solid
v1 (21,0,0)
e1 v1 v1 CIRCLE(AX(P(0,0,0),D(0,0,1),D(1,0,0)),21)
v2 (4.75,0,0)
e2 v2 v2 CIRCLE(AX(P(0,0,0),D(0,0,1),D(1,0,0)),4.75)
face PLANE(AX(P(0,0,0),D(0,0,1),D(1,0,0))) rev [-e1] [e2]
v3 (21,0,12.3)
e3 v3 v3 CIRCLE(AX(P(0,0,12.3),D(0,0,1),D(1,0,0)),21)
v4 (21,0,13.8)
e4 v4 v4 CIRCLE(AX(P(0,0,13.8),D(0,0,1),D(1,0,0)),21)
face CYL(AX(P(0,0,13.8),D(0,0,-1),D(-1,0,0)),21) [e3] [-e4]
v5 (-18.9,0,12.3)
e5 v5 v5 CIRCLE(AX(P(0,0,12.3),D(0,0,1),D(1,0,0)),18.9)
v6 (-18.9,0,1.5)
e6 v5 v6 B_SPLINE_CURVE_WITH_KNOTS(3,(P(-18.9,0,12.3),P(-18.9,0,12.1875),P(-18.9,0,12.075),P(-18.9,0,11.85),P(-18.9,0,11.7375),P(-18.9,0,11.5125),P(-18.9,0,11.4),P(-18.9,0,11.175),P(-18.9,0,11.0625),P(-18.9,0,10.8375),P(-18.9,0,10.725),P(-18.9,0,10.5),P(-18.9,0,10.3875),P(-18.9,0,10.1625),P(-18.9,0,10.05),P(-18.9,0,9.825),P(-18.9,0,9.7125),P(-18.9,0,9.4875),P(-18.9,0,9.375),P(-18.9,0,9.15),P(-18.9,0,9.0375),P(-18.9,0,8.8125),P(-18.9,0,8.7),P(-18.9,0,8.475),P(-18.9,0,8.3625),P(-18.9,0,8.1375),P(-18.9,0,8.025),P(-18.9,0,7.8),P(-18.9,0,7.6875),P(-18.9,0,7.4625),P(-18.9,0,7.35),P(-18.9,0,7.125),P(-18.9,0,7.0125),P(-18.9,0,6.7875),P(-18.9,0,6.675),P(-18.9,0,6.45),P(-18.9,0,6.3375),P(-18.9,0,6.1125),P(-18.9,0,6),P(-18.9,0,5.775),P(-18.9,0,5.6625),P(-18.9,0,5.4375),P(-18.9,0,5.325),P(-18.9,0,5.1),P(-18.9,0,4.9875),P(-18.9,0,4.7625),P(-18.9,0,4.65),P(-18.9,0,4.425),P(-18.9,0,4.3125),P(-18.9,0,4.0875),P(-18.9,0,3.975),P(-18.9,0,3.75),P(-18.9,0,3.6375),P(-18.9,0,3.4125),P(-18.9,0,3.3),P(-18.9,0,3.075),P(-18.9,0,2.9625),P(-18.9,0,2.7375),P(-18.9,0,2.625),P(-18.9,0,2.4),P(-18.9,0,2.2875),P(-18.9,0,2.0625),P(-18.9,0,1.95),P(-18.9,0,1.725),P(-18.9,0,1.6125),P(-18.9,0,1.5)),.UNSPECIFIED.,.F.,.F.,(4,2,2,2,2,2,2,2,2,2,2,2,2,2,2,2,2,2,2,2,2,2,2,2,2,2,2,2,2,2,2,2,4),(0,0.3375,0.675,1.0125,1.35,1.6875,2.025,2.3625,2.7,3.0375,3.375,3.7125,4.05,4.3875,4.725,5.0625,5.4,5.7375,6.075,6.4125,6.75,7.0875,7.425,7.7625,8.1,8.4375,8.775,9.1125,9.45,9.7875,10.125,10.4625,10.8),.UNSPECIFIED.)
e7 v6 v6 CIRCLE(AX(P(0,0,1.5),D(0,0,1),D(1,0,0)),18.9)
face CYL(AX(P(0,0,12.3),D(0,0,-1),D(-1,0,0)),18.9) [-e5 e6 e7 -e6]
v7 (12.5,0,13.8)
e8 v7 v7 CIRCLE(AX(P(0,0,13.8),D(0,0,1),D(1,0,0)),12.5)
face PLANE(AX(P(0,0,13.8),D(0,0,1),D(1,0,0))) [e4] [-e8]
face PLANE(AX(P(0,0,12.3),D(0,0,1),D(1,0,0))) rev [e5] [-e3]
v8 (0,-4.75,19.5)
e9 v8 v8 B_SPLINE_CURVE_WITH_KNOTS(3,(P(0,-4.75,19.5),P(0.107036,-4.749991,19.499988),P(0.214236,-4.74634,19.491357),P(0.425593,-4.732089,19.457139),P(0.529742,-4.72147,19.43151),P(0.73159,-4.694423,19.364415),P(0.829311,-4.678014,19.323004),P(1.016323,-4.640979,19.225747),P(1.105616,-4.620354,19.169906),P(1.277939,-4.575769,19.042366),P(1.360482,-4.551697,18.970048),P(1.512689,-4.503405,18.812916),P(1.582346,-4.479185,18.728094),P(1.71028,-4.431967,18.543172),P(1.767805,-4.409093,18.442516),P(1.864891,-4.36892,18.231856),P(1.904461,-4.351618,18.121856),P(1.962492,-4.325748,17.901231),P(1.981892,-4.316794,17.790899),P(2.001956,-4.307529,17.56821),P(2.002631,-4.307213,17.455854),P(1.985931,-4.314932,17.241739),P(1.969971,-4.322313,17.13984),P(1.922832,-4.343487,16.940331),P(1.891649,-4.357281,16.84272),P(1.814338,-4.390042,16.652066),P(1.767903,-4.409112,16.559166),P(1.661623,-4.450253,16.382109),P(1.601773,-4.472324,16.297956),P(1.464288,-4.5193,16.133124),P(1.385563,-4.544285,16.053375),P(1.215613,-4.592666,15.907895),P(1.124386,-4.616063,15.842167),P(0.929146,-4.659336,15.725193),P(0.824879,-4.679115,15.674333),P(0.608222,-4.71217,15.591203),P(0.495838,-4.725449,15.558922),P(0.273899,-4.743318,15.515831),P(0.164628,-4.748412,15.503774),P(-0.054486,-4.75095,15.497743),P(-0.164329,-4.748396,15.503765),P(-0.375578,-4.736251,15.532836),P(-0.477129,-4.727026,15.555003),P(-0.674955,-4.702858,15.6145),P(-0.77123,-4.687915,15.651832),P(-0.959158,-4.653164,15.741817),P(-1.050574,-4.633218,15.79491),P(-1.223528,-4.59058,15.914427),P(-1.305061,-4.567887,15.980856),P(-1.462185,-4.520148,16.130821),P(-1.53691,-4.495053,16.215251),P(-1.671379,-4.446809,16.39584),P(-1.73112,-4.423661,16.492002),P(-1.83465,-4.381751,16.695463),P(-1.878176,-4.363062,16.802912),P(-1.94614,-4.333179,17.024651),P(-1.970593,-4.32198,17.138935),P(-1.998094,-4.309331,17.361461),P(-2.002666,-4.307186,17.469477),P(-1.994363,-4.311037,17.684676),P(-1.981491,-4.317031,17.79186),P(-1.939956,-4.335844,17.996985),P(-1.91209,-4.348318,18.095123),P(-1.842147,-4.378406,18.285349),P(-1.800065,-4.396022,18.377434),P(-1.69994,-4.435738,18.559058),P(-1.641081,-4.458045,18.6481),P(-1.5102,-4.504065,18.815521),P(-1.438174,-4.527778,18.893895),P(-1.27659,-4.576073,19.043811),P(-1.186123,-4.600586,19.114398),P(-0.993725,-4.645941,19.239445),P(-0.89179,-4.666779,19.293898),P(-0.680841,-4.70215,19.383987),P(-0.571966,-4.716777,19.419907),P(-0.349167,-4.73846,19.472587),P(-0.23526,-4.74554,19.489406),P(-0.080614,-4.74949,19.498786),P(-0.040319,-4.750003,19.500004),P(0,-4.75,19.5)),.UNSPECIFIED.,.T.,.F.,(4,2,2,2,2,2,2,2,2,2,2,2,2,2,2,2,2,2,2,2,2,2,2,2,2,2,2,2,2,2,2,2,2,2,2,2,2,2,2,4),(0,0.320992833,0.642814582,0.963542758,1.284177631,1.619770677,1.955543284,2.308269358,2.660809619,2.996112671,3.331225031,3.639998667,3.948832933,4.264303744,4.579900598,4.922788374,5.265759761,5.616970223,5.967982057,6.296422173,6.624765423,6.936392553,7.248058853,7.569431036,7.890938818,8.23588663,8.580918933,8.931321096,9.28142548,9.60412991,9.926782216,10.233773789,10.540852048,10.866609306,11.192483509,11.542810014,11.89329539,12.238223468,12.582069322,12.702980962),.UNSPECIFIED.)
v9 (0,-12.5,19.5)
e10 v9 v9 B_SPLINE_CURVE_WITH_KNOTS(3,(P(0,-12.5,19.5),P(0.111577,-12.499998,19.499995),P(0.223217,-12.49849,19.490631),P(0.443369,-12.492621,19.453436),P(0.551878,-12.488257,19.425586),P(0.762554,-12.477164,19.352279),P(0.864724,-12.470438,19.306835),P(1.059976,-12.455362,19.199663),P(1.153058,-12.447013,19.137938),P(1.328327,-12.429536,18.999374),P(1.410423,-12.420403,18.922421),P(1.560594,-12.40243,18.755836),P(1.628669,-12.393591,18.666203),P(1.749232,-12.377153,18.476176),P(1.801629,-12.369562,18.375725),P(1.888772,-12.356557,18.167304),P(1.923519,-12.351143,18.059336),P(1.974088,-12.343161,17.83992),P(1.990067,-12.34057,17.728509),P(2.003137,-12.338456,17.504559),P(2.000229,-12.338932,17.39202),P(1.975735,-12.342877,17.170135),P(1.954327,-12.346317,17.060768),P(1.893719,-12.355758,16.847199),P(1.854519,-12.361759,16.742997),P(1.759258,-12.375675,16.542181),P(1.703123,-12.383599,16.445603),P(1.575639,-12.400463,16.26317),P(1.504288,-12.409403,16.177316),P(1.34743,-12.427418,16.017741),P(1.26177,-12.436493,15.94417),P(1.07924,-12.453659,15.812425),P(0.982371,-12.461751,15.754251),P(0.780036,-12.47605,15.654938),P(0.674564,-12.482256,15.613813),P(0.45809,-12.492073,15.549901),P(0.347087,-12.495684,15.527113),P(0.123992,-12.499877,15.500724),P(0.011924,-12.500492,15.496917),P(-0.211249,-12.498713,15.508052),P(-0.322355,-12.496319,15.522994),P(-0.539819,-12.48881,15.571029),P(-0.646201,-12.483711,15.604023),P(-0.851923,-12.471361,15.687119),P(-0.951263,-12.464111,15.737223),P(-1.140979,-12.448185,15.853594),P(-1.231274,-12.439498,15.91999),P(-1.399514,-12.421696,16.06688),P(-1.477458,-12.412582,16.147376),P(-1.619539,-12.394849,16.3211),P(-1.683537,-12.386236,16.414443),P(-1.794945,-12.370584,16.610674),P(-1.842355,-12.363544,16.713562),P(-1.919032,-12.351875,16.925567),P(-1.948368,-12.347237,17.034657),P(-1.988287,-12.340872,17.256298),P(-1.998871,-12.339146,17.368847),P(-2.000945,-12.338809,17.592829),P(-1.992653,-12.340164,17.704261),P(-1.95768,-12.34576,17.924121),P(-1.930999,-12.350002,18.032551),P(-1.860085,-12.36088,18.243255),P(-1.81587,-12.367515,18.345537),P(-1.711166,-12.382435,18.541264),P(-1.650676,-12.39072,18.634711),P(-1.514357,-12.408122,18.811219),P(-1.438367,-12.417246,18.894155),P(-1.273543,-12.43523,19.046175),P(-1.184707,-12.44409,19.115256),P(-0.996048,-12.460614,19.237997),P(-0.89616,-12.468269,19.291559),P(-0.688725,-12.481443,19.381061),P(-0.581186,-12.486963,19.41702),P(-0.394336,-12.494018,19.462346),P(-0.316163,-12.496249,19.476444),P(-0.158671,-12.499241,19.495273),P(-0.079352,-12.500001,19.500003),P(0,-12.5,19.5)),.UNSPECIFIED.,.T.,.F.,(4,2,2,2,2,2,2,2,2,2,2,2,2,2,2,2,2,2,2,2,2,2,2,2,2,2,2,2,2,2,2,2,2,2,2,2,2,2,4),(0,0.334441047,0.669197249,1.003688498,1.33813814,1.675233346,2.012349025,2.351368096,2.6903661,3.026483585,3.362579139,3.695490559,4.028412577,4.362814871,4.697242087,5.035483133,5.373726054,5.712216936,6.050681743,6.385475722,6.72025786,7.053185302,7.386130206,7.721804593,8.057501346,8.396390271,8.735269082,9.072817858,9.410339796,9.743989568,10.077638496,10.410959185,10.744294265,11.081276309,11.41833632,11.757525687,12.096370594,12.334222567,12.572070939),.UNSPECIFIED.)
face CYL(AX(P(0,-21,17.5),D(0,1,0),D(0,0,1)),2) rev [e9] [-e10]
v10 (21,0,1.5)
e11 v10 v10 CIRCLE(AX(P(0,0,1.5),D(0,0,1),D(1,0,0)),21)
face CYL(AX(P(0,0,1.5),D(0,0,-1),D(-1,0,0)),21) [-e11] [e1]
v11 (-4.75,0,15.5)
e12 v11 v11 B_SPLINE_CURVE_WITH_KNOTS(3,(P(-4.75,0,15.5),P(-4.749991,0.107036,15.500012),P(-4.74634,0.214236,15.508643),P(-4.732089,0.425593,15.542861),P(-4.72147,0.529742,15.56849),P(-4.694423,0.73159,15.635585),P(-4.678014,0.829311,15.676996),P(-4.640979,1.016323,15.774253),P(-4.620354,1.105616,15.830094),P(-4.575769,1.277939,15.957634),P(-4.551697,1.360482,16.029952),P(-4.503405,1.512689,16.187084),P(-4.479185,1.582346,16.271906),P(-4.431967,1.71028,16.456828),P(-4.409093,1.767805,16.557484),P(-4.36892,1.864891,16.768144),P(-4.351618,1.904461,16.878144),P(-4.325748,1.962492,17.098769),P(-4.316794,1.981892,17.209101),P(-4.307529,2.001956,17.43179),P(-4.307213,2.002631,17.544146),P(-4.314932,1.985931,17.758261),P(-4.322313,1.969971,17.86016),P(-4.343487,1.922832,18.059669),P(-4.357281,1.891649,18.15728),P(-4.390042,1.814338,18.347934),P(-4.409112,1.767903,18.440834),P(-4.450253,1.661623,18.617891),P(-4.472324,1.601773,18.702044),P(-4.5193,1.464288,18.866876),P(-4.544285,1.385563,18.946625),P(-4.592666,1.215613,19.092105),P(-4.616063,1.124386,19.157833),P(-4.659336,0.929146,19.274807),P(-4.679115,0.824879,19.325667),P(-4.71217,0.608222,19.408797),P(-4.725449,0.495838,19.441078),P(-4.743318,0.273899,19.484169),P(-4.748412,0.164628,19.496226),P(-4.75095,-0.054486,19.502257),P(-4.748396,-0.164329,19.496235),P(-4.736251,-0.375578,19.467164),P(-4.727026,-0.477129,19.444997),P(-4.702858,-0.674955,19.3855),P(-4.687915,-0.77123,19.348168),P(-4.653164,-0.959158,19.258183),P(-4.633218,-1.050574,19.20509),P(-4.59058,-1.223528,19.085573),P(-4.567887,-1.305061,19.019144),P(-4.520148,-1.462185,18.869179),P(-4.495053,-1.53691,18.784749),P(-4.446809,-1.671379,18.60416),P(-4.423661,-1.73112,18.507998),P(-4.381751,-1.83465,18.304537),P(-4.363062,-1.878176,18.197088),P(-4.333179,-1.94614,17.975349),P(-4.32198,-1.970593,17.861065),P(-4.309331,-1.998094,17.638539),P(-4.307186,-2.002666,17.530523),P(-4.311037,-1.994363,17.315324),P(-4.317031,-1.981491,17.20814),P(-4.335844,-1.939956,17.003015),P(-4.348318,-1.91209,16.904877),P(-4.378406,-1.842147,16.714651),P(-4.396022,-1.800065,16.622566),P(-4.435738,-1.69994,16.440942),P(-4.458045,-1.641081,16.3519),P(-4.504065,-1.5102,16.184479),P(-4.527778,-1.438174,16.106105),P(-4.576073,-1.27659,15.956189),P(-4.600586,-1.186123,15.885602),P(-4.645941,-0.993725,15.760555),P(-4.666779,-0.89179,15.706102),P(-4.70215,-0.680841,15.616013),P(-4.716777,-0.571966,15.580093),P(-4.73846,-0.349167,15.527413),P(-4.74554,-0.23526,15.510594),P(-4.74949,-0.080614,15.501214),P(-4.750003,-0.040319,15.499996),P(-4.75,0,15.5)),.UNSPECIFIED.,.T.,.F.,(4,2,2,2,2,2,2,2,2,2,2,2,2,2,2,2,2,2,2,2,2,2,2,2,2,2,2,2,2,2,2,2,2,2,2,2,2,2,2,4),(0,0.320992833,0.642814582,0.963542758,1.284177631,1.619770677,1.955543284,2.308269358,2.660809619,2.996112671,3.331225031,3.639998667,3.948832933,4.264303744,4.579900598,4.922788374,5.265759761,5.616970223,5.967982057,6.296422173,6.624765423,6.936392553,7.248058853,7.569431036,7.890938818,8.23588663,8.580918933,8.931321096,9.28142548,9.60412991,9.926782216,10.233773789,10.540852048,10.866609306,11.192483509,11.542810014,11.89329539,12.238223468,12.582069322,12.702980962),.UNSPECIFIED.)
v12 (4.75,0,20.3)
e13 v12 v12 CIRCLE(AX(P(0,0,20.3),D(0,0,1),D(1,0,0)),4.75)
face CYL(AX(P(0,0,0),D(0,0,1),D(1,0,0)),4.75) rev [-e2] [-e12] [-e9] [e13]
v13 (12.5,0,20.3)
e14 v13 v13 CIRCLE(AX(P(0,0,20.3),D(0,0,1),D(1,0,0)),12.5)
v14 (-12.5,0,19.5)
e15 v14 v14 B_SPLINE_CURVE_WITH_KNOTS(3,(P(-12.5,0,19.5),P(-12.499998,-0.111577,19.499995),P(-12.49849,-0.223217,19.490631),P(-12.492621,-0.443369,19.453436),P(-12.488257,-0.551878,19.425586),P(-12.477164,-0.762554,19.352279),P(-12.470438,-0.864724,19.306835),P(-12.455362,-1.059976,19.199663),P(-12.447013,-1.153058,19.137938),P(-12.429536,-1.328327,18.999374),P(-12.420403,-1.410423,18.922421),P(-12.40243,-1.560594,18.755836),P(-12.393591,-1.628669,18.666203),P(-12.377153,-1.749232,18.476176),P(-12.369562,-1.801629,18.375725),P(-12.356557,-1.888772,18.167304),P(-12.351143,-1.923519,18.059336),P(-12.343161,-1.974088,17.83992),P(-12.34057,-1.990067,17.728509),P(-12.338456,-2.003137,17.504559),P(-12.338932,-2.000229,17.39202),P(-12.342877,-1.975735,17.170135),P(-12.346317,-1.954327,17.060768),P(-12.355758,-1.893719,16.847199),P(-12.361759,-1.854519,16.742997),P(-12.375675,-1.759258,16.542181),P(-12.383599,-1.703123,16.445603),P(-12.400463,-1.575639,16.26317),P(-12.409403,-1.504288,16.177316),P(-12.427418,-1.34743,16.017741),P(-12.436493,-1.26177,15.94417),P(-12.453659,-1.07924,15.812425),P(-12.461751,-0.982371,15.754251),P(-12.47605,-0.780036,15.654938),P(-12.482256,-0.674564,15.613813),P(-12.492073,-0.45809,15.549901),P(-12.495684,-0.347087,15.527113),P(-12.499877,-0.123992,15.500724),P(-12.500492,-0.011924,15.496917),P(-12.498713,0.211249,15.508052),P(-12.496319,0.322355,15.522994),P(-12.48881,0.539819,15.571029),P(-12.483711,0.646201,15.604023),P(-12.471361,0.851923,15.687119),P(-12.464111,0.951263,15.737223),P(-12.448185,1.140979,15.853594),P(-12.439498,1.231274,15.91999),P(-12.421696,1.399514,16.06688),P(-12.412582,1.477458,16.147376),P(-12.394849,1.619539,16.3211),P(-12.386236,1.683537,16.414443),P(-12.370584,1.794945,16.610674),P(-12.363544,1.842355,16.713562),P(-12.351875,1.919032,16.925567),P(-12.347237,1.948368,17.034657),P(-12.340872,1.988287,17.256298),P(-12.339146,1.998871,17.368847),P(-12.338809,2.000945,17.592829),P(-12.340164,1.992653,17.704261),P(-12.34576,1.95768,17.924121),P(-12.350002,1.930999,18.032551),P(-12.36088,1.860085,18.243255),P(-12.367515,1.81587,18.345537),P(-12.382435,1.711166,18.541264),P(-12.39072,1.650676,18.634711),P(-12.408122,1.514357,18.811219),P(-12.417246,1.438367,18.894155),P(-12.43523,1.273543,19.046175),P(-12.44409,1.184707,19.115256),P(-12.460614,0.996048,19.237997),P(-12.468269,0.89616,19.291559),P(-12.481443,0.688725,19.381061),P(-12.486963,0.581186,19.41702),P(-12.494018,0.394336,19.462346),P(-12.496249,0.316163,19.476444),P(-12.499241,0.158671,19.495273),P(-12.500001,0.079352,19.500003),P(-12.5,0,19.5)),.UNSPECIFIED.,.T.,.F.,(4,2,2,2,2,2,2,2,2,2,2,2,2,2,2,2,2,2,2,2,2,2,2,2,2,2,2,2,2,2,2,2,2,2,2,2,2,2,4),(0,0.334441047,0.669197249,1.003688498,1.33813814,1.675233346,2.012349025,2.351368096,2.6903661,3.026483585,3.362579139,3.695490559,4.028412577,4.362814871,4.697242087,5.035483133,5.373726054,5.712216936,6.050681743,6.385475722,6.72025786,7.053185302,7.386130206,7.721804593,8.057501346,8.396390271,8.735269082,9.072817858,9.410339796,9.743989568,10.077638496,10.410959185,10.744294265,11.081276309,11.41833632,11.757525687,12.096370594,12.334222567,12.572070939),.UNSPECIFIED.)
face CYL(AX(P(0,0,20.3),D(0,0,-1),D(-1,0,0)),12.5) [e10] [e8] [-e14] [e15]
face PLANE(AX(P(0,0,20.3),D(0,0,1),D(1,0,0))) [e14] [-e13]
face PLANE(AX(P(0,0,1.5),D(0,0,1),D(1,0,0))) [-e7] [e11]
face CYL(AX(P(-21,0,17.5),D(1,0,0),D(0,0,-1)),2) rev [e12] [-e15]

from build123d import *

# Parameters (mm, degrees)
CROQUIS1_R              = 21
SALIENTE_EXTRUIR1_DEPTH = 1.5
CROQUIS2_R              = 18.9
SALIENTE_EXTRUIR2_DEPTH = 10.8
CROQUIS3_R              = 21
SALIENTE_EXTRUIR3_DEPTH = 1.5
CROQUIS8_R              = 12.5
SALIENTE_EXTRUIR5_DEPTH = 6.5
CROQUIS6_R              = 2
CORTAR_EXTRUIR3_DEPTH   = 36.973462441
CROQUIS5_R              = 2
CORTAR_EXTRUIR2_DEPTH   = 36.973462498
CROQUIS4_R              = 4.75
CORTAR_EXTRUIR1_DEPTH   = 36.973462441


with BuildPart() as part:
    # Croquis1 → Saliente-Extruir1 (new body)
    with BuildSketch(Plane.XY):
        Circle(CROQUIS1_R)
    extrude(amount=SALIENTE_EXTRUIR1_DEPTH)

    # Croquis2 → Saliente-Extruir2 (add)
    with BuildSketch(Plane.XY.offset(1.5)):
        with Locations(Location((0, 0, 0), (0, 0, 180))):
            Circle(CROQUIS2_R)
    extrude(amount=SALIENTE_EXTRUIR2_DEPTH)

    # Croquis3 → Saliente-Extruir3 (add)
    with BuildSketch(Plane.XY.offset(12.3)):
        Circle(CROQUIS3_R)
    extrude(amount=SALIENTE_EXTRUIR3_DEPTH)

    # Croquis8 → Saliente-Extruir5 (add)
    with BuildSketch(Plane.XY.offset(13.8)):
        with Locations(Location((0, 0, 0), (0, 0, 180))):
            Circle(CROQUIS8_R)
    extrude(amount=SALIENTE_EXTRUIR5_DEPTH)

    # Croquis6 → Cortar-Extruir3 (cut, through all)
    with BuildSketch(Plane(origin=(0, 0, 0), x_dir=(1, 0, 0), z_dir=(0, 1, 0))):
        with Locations(Location((0, -17.5, 0), (0, 0, 270))):
            Circle(CROQUIS6_R)
    extrude(amount=-CORTAR_EXTRUIR3_DEPTH, mode=Mode.SUBTRACT)

    # Croquis5 → Cortar-Extruir2 (cut, through all)
    with BuildSketch(Plane(origin=(0, 0, 0), x_dir=(0, 0, -1), z_dir=(1, 0, 0))):
        with Locations(Location((-17.5, 0, 0), (0, 0, 180))):
            Circle(CROQUIS5_R)
    extrude(amount=-CORTAR_EXTRUIR2_DEPTH, mode=Mode.SUBTRACT)

    # Croquis4 → Cortar-Extruir1 (cut, through all)
    with BuildSketch(Plane.XY.offset(20.3)):
        Circle(CROQUIS4_R)
    extrude(amount=-CORTAR_EXTRUIR1_DEPTH, mode=Mode.SUBTRACT)


solid = part.part
